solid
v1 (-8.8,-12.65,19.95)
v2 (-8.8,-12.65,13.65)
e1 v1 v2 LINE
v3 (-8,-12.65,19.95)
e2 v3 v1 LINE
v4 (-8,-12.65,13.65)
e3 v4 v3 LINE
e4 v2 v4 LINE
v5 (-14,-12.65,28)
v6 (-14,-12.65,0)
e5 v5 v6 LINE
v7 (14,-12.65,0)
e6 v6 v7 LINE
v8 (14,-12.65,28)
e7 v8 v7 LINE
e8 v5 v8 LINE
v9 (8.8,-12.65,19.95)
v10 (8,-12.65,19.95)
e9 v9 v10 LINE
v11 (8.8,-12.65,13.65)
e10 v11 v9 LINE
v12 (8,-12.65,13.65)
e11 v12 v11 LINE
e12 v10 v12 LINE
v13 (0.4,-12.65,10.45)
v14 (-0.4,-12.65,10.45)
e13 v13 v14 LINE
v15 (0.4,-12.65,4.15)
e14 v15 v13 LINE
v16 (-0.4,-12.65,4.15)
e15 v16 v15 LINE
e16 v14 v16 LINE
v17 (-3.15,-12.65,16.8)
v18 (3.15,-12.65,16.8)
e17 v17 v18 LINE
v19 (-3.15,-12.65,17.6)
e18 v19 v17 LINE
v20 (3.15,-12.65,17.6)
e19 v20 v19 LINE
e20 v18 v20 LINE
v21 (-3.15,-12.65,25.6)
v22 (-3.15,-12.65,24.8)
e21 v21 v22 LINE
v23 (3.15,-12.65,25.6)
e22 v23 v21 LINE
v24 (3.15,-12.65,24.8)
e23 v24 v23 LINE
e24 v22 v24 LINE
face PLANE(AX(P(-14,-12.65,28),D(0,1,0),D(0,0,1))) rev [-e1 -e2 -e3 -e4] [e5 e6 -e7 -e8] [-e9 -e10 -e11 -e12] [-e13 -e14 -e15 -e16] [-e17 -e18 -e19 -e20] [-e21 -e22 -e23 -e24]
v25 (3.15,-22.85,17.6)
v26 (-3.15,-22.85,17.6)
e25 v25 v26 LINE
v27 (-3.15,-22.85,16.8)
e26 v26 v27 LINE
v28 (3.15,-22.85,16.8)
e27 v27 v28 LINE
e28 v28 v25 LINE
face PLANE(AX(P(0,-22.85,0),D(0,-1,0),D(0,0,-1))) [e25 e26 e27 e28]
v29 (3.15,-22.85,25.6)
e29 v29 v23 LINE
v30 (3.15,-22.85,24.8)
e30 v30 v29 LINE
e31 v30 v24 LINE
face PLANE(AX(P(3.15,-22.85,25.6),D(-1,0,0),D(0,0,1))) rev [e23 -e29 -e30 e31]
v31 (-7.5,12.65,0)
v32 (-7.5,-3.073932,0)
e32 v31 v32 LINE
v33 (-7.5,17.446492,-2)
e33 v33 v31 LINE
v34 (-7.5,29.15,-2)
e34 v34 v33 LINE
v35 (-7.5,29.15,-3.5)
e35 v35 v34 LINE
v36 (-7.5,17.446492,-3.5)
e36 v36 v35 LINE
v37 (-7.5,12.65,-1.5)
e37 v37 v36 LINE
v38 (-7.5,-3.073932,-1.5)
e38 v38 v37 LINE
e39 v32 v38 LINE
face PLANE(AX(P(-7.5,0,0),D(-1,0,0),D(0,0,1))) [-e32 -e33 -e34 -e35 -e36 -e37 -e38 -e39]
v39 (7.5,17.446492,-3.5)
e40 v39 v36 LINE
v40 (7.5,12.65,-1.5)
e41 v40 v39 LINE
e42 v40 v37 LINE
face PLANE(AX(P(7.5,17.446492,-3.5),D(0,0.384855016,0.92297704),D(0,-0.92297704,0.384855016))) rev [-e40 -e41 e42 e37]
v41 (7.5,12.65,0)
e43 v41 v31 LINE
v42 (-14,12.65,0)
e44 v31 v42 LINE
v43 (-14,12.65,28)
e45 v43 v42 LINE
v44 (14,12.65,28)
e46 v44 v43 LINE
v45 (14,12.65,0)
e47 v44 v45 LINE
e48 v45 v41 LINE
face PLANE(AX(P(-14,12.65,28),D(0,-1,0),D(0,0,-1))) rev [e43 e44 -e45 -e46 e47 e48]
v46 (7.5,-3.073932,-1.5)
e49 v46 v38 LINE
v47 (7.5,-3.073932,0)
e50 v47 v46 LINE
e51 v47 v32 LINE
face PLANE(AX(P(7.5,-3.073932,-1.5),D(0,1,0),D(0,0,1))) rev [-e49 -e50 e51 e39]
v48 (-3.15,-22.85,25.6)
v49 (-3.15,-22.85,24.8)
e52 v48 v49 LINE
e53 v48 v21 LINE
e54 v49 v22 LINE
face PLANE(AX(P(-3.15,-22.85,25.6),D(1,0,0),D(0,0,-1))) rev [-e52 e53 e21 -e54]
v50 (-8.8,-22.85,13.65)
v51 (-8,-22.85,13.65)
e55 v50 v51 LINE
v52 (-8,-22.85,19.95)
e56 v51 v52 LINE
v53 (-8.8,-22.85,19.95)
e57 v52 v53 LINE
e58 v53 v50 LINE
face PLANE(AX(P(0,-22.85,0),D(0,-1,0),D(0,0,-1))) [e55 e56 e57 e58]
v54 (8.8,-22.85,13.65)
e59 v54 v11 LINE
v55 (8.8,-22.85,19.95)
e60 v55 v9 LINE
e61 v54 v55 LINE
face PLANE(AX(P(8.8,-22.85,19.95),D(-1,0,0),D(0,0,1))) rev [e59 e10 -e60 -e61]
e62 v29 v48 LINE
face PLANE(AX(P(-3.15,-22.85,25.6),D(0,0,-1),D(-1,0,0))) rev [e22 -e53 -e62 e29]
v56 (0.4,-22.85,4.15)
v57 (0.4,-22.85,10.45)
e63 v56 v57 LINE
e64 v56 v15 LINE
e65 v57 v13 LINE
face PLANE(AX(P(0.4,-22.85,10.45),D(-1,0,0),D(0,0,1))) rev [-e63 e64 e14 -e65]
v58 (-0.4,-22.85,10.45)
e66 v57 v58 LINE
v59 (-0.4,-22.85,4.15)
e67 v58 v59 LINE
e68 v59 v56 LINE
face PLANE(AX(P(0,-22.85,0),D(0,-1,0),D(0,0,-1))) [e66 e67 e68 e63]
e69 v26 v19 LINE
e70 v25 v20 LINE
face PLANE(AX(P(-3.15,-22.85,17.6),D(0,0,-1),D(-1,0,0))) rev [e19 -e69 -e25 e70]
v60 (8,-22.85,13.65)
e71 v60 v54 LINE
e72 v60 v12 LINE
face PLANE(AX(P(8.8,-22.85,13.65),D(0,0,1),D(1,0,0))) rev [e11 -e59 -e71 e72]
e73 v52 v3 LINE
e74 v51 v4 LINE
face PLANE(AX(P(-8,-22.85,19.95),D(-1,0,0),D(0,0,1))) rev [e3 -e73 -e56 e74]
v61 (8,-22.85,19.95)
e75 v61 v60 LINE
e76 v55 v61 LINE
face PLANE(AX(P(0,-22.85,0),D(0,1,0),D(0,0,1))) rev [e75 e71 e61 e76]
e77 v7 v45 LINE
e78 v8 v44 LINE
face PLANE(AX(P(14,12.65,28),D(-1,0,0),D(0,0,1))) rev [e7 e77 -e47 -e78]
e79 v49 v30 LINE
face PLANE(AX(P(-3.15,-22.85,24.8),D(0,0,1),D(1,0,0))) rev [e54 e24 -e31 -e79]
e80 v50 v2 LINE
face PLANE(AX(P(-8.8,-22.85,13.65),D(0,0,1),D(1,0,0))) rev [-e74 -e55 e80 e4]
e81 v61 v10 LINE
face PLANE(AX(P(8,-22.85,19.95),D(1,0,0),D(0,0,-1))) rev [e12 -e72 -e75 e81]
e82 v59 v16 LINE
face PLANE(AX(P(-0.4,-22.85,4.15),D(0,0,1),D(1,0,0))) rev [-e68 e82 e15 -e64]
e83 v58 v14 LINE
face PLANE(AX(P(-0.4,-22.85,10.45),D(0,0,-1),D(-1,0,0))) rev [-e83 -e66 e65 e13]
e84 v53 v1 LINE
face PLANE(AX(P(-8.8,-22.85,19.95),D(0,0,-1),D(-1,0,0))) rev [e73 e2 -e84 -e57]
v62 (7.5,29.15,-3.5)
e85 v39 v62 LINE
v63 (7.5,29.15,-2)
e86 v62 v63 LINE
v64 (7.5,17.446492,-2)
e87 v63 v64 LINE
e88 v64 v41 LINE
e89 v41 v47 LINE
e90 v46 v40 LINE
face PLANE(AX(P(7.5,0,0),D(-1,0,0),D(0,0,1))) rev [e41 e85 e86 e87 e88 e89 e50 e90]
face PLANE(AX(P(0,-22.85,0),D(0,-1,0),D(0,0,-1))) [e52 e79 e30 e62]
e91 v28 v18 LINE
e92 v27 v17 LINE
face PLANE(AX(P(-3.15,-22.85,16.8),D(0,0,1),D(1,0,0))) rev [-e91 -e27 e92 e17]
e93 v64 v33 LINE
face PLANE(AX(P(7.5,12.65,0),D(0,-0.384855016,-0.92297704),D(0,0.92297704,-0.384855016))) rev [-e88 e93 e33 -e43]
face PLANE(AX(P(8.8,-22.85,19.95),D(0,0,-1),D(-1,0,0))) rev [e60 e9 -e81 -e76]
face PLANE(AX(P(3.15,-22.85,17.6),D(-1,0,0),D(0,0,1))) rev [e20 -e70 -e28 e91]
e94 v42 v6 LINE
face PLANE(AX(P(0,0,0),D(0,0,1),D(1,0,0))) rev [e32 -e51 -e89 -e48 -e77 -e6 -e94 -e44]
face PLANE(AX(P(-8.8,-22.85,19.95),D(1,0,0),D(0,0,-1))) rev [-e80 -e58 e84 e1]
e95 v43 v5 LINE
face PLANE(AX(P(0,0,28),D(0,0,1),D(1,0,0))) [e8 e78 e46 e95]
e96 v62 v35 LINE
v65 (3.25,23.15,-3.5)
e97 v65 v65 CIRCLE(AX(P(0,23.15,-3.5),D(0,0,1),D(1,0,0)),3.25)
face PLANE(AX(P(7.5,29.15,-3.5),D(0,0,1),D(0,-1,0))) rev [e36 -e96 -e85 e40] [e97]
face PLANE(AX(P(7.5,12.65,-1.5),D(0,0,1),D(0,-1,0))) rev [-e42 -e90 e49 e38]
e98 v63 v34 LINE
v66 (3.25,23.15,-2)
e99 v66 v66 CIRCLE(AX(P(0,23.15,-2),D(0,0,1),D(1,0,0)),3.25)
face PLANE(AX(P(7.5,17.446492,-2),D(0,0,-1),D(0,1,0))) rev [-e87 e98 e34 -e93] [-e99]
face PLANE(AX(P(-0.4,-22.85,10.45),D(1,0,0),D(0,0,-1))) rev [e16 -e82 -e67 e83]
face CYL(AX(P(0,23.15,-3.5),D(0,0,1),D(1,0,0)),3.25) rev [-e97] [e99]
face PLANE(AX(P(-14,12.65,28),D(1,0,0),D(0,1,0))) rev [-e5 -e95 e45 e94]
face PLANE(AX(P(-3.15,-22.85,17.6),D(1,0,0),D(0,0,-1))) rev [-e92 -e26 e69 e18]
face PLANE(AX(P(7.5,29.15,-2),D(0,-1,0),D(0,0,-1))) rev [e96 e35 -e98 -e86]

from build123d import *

# Parameters (mm, degrees)
ESQUISSE1_W             = 28
ESQUISSE1_H             = 25.3
BOSS_EXTRU_1_DEPTH      = 28
BOSS_EXTRU_2_DEPTH      = 7.5
ESQUISSE3_R             = 3.25
ENL_V_MAT_EXTRU_1_DEPTH = 45.110344592
ESQUISSE4_W             = 0.8
ESQUISSE4_H             = 6.3
ESQUISSE4_W_2           = 6.3
ESQUISSE4_H_2           = 0.8
BOSS_EXTRU_3_DEPTH      = 10.2


with BuildPart() as part:
    # Esquisse1 → Boss.-Extru.1 (new body)
    with BuildSketch(Plane.XY):
        Rectangle(ESQUISSE1_W, ESQUISSE1_H)
    extrude(amount=BOSS_EXTRU_1_DEPTH)

    # Esquisse2 → Boss.-Extru.2 (add, symmetric)
    with BuildSketch(Plane(origin=(0, 0, 0), x_dir=(0, 0, -1), z_dir=(1, 0, 0))):
        Polygon((0, 12.65), (2, 17.44649219), (2, 29.15), (3.5, 29.15), (3.5, 17.44649219), (1.5, 12.65), (1.5, -3.073931528), (0, -3.073931528), align=None)
    extrude(amount=BOSS_EXTRU_2_DEPTH, both=True)

    # Esquisse3 → Enlèv. mat.-Extru.1 (cut, through all)
    with BuildSketch(Plane.XY.offset(-2)):
        with Locations((0, 23.15)):
            Circle(ESQUISSE3_R)
    extrude(amount=-ENL_V_MAT_EXTRU_1_DEPTH, mode=Mode.SUBTRACT)

    # Esquisse4 → Boss.-Extru.3 (add)
    with BuildSketch(Plane.XZ.offset(12.65)):
        with Locations((8.4, 16.8)):
            Rectangle(ESQUISSE4_W, ESQUISSE4_H)
        with Locations((0, 7.3)):
            Rectangle(ESQUISSE4_W, ESQUISSE4_H)
        with Locations((0, 25.2)):
            Rectangle(ESQUISSE4_W_2, ESQUISSE4_H_2)
        with Locations((-8.4, 16.8)):
            Rectangle(ESQUISSE4_W, ESQUISSE4_H)
        with Locations((0, 17.2)):
            Rectangle(ESQUISSE4_W_2, ESQUISSE4_H_2)
    extrude(amount=BOSS_EXTRU_3_DEPTH)


solid = part.part
